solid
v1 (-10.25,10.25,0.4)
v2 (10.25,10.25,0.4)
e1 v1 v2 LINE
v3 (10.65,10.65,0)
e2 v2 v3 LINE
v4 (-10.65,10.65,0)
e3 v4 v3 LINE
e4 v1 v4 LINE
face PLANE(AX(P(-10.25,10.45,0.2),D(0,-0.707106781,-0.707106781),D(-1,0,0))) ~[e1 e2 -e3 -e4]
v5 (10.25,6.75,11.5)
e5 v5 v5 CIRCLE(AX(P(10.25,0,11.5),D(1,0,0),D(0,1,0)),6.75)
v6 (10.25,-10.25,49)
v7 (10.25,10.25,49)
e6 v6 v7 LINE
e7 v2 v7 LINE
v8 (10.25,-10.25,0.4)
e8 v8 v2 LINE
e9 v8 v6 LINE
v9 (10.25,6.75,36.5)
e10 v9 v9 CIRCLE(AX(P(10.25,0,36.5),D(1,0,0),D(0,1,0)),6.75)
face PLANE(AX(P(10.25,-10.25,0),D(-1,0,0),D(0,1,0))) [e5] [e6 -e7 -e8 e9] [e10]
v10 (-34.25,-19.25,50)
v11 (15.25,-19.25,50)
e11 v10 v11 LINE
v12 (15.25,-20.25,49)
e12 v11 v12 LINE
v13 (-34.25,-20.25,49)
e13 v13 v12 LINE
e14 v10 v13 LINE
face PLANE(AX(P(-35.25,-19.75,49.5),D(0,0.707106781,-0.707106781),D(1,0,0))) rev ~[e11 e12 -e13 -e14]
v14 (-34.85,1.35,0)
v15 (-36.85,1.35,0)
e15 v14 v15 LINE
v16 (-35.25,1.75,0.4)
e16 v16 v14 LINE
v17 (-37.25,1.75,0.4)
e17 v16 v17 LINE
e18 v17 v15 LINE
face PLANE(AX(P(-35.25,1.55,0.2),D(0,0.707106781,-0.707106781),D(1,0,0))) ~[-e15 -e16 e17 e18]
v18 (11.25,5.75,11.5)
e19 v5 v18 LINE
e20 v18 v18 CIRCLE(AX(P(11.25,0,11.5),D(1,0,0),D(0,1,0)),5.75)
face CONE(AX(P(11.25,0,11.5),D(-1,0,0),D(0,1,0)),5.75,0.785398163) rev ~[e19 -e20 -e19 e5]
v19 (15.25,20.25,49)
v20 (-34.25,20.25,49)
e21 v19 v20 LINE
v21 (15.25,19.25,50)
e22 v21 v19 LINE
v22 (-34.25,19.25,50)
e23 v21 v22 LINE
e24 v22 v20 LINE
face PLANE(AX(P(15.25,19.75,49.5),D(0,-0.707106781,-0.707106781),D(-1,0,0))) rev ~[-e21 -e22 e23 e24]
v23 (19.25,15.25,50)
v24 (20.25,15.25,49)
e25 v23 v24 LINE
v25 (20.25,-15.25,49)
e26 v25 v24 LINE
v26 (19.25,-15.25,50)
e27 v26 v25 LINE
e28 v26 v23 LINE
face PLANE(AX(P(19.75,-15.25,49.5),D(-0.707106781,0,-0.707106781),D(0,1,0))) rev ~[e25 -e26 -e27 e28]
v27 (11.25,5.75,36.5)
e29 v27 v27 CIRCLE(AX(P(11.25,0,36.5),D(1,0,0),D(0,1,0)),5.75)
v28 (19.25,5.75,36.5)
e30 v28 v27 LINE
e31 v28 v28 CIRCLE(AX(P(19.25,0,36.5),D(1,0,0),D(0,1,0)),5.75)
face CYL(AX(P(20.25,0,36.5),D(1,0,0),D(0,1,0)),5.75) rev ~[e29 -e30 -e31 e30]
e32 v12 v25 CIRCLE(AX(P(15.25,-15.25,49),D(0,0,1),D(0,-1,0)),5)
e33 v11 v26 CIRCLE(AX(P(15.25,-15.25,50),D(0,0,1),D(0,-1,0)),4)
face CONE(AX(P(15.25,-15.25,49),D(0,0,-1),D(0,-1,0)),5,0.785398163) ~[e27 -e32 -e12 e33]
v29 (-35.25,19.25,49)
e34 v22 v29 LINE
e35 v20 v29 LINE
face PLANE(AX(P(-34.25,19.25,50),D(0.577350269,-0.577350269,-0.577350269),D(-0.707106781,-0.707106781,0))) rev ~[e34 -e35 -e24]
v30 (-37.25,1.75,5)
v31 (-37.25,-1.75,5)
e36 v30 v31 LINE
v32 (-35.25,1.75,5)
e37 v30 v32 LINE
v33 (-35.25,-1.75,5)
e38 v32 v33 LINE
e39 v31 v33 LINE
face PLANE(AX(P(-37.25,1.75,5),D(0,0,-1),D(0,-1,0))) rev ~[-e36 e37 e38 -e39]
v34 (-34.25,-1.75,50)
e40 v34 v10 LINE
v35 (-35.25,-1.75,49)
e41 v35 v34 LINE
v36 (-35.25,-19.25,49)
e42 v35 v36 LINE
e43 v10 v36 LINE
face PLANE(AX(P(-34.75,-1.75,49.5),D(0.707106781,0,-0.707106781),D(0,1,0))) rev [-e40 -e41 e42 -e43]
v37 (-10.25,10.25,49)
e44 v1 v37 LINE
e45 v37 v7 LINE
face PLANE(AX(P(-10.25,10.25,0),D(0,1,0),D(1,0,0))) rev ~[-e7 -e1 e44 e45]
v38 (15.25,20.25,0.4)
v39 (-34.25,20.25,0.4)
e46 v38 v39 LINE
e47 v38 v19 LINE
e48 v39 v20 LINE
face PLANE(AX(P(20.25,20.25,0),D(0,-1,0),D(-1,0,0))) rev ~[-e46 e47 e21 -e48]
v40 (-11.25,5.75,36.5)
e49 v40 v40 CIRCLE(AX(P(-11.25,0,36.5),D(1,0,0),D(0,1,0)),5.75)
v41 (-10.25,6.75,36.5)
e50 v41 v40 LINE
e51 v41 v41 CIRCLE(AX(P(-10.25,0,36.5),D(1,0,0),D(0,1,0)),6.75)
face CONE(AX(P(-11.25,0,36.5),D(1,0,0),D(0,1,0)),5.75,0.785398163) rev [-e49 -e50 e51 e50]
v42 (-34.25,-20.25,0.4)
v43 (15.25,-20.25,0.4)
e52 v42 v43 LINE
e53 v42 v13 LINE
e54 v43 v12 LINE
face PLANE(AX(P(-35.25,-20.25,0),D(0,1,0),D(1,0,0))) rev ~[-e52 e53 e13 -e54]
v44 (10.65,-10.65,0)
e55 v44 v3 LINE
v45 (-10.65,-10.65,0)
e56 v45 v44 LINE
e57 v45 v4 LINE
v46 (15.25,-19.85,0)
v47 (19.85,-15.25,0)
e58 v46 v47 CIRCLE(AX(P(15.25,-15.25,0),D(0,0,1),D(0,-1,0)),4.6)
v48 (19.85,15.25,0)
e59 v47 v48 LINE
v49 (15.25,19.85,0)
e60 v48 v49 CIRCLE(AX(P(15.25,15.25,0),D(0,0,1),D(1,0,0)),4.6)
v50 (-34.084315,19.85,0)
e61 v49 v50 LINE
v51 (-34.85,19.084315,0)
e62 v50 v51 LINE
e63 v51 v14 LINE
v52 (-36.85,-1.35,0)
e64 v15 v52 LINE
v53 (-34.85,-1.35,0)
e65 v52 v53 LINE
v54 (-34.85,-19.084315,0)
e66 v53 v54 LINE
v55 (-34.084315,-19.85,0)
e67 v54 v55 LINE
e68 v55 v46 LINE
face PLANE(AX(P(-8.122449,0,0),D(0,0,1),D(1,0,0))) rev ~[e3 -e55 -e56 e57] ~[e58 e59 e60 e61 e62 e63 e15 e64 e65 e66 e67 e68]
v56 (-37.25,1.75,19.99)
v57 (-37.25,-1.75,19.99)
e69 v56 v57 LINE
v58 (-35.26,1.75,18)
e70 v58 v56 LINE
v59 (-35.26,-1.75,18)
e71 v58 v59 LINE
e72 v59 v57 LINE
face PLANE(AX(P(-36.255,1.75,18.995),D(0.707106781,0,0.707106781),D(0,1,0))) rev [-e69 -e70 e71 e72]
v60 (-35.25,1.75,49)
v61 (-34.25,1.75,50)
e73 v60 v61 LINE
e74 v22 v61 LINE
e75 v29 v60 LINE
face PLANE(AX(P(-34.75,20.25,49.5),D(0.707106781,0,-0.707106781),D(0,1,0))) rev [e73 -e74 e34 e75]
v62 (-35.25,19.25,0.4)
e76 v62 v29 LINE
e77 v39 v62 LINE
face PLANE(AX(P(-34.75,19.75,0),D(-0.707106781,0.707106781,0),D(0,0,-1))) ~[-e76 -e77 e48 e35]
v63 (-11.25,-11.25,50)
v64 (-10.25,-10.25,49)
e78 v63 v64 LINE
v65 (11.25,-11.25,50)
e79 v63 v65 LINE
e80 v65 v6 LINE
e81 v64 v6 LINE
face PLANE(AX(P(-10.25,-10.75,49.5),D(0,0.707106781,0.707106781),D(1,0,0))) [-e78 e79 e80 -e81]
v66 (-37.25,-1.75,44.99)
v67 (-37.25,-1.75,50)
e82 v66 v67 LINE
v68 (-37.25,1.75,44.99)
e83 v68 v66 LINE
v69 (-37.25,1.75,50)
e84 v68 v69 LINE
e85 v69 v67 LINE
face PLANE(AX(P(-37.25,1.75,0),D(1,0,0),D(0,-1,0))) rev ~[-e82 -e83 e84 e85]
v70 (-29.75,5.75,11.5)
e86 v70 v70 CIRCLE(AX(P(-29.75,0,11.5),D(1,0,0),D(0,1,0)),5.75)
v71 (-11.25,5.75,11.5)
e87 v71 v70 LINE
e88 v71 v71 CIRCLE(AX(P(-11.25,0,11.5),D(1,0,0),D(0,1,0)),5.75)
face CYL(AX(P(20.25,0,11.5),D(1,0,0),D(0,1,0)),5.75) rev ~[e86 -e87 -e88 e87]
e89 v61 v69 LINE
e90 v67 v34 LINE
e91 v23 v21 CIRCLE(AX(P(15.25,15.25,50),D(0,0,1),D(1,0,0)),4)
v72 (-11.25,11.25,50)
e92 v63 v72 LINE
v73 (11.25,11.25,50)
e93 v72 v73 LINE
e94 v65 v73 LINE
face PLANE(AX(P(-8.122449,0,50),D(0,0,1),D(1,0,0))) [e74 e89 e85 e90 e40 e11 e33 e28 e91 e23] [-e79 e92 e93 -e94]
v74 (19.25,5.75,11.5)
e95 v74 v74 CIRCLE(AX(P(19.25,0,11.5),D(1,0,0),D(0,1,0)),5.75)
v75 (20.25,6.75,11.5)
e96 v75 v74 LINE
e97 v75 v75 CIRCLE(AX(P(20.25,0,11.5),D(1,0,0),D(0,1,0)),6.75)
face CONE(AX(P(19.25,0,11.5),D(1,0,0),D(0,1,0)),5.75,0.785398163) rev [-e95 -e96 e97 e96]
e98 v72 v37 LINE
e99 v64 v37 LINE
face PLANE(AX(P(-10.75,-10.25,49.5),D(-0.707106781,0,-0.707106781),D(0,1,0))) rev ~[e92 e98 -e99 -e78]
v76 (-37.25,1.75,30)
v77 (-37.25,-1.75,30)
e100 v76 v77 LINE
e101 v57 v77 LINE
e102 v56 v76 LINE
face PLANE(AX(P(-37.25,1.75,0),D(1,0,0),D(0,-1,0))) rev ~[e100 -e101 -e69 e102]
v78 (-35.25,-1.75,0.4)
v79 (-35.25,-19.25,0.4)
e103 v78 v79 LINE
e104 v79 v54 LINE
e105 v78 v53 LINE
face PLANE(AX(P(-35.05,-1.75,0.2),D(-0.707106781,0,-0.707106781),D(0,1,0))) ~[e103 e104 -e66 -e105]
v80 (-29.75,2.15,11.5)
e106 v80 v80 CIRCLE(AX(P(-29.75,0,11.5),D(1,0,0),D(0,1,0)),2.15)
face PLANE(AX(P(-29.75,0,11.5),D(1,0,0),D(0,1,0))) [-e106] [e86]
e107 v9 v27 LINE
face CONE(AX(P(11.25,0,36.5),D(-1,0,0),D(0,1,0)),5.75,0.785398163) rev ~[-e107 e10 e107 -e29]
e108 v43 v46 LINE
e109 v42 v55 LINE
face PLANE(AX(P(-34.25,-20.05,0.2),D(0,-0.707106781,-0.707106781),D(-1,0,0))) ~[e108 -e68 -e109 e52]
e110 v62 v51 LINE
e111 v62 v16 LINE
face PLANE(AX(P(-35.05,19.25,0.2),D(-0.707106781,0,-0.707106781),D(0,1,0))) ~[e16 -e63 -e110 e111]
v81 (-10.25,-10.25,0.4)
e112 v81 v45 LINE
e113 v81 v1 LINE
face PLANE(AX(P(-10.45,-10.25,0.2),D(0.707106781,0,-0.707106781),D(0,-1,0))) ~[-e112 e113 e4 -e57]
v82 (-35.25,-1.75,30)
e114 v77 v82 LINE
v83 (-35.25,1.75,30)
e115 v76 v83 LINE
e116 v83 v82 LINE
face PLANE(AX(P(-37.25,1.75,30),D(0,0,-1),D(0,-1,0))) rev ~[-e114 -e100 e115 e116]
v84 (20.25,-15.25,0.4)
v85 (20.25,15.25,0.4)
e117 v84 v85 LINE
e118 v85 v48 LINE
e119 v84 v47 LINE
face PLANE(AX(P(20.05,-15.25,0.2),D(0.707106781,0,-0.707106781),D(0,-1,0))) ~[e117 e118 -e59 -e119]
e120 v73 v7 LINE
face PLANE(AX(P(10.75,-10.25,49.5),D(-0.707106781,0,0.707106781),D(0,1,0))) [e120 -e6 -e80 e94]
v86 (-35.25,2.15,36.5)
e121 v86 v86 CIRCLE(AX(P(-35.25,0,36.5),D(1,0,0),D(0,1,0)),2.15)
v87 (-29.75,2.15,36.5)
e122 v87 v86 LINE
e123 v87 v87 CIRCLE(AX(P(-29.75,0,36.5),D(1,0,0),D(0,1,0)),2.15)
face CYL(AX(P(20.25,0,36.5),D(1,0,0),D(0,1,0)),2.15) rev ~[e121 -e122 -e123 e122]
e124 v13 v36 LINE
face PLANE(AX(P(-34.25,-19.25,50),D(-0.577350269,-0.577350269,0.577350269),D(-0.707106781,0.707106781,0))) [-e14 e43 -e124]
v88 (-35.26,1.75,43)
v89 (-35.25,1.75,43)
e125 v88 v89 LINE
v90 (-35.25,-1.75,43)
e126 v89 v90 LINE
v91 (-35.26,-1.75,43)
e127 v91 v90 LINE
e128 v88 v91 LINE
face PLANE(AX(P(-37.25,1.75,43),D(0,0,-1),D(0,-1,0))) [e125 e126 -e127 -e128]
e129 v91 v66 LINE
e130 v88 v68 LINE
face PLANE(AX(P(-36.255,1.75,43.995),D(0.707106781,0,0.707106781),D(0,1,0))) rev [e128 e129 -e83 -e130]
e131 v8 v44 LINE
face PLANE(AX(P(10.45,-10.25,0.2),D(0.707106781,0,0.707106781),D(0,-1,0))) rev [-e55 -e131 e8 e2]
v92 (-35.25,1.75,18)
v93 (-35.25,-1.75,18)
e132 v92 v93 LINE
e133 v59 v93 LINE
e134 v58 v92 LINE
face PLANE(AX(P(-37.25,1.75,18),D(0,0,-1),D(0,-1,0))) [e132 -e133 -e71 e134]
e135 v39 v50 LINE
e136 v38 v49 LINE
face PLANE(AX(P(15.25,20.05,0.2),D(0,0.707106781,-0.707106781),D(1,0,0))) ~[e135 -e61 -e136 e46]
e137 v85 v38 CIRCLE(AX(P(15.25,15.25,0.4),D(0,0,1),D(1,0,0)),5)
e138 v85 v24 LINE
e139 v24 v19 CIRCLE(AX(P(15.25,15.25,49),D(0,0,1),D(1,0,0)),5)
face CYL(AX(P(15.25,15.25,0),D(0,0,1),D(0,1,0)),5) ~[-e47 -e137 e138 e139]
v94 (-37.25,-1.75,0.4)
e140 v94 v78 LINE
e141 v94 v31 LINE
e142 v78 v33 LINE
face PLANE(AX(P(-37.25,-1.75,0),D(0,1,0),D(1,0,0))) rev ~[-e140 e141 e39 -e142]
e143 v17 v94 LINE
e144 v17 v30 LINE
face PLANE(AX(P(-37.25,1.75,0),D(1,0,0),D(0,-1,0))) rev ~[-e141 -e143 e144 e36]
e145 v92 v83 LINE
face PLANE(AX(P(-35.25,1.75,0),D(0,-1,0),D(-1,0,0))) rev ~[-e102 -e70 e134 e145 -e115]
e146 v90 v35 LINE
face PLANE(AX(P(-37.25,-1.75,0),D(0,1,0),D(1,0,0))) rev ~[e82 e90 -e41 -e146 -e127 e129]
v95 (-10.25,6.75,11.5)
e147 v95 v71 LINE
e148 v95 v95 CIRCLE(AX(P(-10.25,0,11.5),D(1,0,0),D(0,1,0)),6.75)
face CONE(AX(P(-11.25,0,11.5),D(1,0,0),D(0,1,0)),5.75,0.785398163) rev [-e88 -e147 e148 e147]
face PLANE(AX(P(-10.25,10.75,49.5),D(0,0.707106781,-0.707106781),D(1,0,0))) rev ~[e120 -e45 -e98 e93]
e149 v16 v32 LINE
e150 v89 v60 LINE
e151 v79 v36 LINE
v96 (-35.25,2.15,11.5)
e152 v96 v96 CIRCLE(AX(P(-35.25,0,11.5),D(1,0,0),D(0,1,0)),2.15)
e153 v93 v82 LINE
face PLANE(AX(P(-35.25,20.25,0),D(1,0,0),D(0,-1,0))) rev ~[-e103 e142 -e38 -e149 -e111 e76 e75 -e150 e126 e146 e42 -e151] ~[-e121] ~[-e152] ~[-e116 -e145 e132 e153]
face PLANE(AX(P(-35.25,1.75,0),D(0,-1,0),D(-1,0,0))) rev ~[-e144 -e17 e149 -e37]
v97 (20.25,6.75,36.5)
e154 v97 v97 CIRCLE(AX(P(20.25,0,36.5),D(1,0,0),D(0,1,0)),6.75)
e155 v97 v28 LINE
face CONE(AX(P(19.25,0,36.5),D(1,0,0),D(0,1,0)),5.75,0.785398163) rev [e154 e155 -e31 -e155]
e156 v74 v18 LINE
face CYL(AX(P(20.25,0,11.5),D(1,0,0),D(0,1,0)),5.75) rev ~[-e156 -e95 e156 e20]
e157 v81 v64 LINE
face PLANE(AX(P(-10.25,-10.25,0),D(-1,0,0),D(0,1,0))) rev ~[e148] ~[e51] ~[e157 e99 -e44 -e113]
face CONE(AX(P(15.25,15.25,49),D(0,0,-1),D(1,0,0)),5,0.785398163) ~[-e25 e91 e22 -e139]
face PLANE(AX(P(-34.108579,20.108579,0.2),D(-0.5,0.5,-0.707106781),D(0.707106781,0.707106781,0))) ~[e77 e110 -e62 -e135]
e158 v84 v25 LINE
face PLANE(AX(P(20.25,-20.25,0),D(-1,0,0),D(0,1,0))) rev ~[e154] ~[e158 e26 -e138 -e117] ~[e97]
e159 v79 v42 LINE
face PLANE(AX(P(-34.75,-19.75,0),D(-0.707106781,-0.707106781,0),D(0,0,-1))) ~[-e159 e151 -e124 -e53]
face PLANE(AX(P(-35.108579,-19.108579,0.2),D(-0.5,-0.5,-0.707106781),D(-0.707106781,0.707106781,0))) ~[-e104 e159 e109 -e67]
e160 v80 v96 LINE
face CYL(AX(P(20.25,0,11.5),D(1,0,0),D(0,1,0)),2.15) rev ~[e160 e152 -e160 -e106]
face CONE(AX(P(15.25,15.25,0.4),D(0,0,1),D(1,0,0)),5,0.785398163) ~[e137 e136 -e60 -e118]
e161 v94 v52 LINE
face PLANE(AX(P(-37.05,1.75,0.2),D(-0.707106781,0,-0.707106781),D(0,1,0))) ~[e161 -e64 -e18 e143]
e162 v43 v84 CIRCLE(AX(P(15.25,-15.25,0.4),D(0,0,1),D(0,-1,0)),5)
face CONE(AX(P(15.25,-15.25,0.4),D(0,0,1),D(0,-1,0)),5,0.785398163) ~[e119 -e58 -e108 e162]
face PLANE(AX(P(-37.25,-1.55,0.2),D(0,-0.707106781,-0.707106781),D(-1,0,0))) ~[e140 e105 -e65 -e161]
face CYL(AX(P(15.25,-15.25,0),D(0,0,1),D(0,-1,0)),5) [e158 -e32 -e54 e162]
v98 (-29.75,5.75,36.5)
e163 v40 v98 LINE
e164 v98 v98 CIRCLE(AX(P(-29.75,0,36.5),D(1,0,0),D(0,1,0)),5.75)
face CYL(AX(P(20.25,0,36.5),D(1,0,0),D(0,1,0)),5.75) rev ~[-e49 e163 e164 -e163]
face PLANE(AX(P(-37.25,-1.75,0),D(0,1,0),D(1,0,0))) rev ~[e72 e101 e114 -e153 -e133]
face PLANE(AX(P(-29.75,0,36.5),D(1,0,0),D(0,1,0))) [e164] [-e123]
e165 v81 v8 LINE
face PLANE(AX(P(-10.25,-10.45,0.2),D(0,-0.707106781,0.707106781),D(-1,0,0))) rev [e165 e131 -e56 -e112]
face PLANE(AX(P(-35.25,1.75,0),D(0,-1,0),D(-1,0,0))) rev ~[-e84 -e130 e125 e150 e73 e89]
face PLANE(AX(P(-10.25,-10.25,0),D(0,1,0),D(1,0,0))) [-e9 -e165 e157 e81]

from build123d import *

# Parameters (mm, degrees)
SKETCH_W        = 20.5
SKETCH_H        = 20.5
PAD_DEPTH       = 50
SKETCH001_W     = 3.5
SKETCH001_H     = 13
POCKET_DEPTH    = 2
CHAMFER_SIZE    = 1.99
SKETCH002_R     = 2.15
POCKET001_DEPTH = 57.501
SKETCH003_R     = 5.75
POCKET002_DEPTH = 50
FILLET_R        = 5
CHAMFER001_SIZE = 1
CHAMFER002_SIZE = 0.4


with BuildPart() as part:
    # Sketch → Pad (new body)
    with BuildSketch(Plane.XY):
        Polygon((-35.25, 1.75), (-37.25, 1.75), (-37.25, -1.75), (-35.25, -1.75), (-35.25, -20.25), (20.25, -20.25), (20.25, 20.25), (-35.25, 20.25), align=None)
        Rectangle(SKETCH_W, SKETCH_H, mode=Mode.SUBTRACT)
    extrude(amount=PAD_DEPTH)

    # Sketch001 (on Face2 of Pad) → Pocket (cut)
    with BuildSketch(Plane(origin=(-37.25, 0, 0), x_dir=(0, -1, 0), z_dir=(-1, 0, 0))):
        with Locations((0, 36.5)):
            Rectangle(SKETCH001_W, SKETCH001_H)
        with Locations((0, 11.5)):
            Rectangle(SKETCH001_W, SKETCH001_H)
    extrude(amount=-POCKET_DEPTH, mode=Mode.SUBTRACT)

    # Chamfer
    chamfer_edges = [part.edges().sort_by_distance(p)[0] for p in [
        (-37.25, 0, 43),
        (-37.25, 0, 18),
    ]]
    chamfer(chamfer_edges, length=CHAMFER_SIZE)

    # Sketch002 (on Face17 of Chamfer) → Pocket001 (cut, through all)
    with BuildSketch(Plane.YZ.offset(20.25)):
        with Locations((0, 36.5)):
            Circle(SKETCH002_R)
        with Locations((0, 11.5)):
            Circle(SKETCH002_R)
    extrude(amount=-POCKET001_DEPTH, mode=Mode.SUBTRACT)

    # Sketch003 (on Face23 of Pocket001) → Pocket002 (cut)
    with BuildSketch(Plane.YZ.offset(20.25)):
        with Locations((0, 36.5)):
            Circle(SKETCH003_R)
        with Locations((0, 11.5)):
            Circle(SKETCH003_R)
    extrude(amount=-POCKET002_DEPTH, mode=Mode.SUBTRACT)

    # Fillet
    fillet_edges = [part.edges().sort_by_distance(p)[0] for p in [
        (20.25, -20.25, 25),
        (20.25, 20.25, 25),
    ]]
    fillet(fillet_edges, radius=FILLET_R)

    # Chamfer001
    chamfer001_edges = [part.edges().sort_by_distance(p)[0] for p in [
        (-35.25, 20.25, 25),
        (-35.25, -20.25, 25),
        (-10, -20.25, 50),
        (18.785534, -18.785534, 50),
        (20.25, 0, 50),
        (18.785534, 18.785534, 50),
        (-10, 20.25, 50),
        (0, 10.25, 50),
        (-10.25, 0, 50),
        (10.25, 0, 50),
        (0, -10.25, 50),
        (-35.25, 11, 50),
        (-35.25, -11, 50),
        (20.25, -5.75, 36.5),
        (-10.25, -5.75, 36.5),
        (-10.25, -5.75, 11.5),
        (10.25, -5.75, 36.5),
        (10.25, -5.75, 11.5),
        (20.25, -5.75, 11.5),
    ]]
    chamfer(chamfer001_edges, length=CHAMFER001_SIZE)

    # Chamfer002
    chamfer002_edges = [part.edges().sort_by_distance(p)[0] for p in [
        (-9.5, -20.25, 0),
        (-34.75, -19.75, 0),
        (18.785534, -18.785534, 0),
        (-35.25, -10.5, 0),
        (20.25, 0, 0),
        (-36.25, -1.75, 0),
        (18.785534, 18.785534, 0),
        (-37.25, 0, 0),
        (-9.5, 20.25, 0),
        (-36.25, 1.75, 0),
        (-34.75, 19.75, 0),
        (-35.25, 10.5, 0),
        (0, 10.25, 0),
        (10.25, 0, 0),
        (0, -10.25, 0),
        (-10.25, 0, 0),
    ]]
    chamfer(chamfer002_edges, length=CHAMFER002_SIZE)


solid = part.part
